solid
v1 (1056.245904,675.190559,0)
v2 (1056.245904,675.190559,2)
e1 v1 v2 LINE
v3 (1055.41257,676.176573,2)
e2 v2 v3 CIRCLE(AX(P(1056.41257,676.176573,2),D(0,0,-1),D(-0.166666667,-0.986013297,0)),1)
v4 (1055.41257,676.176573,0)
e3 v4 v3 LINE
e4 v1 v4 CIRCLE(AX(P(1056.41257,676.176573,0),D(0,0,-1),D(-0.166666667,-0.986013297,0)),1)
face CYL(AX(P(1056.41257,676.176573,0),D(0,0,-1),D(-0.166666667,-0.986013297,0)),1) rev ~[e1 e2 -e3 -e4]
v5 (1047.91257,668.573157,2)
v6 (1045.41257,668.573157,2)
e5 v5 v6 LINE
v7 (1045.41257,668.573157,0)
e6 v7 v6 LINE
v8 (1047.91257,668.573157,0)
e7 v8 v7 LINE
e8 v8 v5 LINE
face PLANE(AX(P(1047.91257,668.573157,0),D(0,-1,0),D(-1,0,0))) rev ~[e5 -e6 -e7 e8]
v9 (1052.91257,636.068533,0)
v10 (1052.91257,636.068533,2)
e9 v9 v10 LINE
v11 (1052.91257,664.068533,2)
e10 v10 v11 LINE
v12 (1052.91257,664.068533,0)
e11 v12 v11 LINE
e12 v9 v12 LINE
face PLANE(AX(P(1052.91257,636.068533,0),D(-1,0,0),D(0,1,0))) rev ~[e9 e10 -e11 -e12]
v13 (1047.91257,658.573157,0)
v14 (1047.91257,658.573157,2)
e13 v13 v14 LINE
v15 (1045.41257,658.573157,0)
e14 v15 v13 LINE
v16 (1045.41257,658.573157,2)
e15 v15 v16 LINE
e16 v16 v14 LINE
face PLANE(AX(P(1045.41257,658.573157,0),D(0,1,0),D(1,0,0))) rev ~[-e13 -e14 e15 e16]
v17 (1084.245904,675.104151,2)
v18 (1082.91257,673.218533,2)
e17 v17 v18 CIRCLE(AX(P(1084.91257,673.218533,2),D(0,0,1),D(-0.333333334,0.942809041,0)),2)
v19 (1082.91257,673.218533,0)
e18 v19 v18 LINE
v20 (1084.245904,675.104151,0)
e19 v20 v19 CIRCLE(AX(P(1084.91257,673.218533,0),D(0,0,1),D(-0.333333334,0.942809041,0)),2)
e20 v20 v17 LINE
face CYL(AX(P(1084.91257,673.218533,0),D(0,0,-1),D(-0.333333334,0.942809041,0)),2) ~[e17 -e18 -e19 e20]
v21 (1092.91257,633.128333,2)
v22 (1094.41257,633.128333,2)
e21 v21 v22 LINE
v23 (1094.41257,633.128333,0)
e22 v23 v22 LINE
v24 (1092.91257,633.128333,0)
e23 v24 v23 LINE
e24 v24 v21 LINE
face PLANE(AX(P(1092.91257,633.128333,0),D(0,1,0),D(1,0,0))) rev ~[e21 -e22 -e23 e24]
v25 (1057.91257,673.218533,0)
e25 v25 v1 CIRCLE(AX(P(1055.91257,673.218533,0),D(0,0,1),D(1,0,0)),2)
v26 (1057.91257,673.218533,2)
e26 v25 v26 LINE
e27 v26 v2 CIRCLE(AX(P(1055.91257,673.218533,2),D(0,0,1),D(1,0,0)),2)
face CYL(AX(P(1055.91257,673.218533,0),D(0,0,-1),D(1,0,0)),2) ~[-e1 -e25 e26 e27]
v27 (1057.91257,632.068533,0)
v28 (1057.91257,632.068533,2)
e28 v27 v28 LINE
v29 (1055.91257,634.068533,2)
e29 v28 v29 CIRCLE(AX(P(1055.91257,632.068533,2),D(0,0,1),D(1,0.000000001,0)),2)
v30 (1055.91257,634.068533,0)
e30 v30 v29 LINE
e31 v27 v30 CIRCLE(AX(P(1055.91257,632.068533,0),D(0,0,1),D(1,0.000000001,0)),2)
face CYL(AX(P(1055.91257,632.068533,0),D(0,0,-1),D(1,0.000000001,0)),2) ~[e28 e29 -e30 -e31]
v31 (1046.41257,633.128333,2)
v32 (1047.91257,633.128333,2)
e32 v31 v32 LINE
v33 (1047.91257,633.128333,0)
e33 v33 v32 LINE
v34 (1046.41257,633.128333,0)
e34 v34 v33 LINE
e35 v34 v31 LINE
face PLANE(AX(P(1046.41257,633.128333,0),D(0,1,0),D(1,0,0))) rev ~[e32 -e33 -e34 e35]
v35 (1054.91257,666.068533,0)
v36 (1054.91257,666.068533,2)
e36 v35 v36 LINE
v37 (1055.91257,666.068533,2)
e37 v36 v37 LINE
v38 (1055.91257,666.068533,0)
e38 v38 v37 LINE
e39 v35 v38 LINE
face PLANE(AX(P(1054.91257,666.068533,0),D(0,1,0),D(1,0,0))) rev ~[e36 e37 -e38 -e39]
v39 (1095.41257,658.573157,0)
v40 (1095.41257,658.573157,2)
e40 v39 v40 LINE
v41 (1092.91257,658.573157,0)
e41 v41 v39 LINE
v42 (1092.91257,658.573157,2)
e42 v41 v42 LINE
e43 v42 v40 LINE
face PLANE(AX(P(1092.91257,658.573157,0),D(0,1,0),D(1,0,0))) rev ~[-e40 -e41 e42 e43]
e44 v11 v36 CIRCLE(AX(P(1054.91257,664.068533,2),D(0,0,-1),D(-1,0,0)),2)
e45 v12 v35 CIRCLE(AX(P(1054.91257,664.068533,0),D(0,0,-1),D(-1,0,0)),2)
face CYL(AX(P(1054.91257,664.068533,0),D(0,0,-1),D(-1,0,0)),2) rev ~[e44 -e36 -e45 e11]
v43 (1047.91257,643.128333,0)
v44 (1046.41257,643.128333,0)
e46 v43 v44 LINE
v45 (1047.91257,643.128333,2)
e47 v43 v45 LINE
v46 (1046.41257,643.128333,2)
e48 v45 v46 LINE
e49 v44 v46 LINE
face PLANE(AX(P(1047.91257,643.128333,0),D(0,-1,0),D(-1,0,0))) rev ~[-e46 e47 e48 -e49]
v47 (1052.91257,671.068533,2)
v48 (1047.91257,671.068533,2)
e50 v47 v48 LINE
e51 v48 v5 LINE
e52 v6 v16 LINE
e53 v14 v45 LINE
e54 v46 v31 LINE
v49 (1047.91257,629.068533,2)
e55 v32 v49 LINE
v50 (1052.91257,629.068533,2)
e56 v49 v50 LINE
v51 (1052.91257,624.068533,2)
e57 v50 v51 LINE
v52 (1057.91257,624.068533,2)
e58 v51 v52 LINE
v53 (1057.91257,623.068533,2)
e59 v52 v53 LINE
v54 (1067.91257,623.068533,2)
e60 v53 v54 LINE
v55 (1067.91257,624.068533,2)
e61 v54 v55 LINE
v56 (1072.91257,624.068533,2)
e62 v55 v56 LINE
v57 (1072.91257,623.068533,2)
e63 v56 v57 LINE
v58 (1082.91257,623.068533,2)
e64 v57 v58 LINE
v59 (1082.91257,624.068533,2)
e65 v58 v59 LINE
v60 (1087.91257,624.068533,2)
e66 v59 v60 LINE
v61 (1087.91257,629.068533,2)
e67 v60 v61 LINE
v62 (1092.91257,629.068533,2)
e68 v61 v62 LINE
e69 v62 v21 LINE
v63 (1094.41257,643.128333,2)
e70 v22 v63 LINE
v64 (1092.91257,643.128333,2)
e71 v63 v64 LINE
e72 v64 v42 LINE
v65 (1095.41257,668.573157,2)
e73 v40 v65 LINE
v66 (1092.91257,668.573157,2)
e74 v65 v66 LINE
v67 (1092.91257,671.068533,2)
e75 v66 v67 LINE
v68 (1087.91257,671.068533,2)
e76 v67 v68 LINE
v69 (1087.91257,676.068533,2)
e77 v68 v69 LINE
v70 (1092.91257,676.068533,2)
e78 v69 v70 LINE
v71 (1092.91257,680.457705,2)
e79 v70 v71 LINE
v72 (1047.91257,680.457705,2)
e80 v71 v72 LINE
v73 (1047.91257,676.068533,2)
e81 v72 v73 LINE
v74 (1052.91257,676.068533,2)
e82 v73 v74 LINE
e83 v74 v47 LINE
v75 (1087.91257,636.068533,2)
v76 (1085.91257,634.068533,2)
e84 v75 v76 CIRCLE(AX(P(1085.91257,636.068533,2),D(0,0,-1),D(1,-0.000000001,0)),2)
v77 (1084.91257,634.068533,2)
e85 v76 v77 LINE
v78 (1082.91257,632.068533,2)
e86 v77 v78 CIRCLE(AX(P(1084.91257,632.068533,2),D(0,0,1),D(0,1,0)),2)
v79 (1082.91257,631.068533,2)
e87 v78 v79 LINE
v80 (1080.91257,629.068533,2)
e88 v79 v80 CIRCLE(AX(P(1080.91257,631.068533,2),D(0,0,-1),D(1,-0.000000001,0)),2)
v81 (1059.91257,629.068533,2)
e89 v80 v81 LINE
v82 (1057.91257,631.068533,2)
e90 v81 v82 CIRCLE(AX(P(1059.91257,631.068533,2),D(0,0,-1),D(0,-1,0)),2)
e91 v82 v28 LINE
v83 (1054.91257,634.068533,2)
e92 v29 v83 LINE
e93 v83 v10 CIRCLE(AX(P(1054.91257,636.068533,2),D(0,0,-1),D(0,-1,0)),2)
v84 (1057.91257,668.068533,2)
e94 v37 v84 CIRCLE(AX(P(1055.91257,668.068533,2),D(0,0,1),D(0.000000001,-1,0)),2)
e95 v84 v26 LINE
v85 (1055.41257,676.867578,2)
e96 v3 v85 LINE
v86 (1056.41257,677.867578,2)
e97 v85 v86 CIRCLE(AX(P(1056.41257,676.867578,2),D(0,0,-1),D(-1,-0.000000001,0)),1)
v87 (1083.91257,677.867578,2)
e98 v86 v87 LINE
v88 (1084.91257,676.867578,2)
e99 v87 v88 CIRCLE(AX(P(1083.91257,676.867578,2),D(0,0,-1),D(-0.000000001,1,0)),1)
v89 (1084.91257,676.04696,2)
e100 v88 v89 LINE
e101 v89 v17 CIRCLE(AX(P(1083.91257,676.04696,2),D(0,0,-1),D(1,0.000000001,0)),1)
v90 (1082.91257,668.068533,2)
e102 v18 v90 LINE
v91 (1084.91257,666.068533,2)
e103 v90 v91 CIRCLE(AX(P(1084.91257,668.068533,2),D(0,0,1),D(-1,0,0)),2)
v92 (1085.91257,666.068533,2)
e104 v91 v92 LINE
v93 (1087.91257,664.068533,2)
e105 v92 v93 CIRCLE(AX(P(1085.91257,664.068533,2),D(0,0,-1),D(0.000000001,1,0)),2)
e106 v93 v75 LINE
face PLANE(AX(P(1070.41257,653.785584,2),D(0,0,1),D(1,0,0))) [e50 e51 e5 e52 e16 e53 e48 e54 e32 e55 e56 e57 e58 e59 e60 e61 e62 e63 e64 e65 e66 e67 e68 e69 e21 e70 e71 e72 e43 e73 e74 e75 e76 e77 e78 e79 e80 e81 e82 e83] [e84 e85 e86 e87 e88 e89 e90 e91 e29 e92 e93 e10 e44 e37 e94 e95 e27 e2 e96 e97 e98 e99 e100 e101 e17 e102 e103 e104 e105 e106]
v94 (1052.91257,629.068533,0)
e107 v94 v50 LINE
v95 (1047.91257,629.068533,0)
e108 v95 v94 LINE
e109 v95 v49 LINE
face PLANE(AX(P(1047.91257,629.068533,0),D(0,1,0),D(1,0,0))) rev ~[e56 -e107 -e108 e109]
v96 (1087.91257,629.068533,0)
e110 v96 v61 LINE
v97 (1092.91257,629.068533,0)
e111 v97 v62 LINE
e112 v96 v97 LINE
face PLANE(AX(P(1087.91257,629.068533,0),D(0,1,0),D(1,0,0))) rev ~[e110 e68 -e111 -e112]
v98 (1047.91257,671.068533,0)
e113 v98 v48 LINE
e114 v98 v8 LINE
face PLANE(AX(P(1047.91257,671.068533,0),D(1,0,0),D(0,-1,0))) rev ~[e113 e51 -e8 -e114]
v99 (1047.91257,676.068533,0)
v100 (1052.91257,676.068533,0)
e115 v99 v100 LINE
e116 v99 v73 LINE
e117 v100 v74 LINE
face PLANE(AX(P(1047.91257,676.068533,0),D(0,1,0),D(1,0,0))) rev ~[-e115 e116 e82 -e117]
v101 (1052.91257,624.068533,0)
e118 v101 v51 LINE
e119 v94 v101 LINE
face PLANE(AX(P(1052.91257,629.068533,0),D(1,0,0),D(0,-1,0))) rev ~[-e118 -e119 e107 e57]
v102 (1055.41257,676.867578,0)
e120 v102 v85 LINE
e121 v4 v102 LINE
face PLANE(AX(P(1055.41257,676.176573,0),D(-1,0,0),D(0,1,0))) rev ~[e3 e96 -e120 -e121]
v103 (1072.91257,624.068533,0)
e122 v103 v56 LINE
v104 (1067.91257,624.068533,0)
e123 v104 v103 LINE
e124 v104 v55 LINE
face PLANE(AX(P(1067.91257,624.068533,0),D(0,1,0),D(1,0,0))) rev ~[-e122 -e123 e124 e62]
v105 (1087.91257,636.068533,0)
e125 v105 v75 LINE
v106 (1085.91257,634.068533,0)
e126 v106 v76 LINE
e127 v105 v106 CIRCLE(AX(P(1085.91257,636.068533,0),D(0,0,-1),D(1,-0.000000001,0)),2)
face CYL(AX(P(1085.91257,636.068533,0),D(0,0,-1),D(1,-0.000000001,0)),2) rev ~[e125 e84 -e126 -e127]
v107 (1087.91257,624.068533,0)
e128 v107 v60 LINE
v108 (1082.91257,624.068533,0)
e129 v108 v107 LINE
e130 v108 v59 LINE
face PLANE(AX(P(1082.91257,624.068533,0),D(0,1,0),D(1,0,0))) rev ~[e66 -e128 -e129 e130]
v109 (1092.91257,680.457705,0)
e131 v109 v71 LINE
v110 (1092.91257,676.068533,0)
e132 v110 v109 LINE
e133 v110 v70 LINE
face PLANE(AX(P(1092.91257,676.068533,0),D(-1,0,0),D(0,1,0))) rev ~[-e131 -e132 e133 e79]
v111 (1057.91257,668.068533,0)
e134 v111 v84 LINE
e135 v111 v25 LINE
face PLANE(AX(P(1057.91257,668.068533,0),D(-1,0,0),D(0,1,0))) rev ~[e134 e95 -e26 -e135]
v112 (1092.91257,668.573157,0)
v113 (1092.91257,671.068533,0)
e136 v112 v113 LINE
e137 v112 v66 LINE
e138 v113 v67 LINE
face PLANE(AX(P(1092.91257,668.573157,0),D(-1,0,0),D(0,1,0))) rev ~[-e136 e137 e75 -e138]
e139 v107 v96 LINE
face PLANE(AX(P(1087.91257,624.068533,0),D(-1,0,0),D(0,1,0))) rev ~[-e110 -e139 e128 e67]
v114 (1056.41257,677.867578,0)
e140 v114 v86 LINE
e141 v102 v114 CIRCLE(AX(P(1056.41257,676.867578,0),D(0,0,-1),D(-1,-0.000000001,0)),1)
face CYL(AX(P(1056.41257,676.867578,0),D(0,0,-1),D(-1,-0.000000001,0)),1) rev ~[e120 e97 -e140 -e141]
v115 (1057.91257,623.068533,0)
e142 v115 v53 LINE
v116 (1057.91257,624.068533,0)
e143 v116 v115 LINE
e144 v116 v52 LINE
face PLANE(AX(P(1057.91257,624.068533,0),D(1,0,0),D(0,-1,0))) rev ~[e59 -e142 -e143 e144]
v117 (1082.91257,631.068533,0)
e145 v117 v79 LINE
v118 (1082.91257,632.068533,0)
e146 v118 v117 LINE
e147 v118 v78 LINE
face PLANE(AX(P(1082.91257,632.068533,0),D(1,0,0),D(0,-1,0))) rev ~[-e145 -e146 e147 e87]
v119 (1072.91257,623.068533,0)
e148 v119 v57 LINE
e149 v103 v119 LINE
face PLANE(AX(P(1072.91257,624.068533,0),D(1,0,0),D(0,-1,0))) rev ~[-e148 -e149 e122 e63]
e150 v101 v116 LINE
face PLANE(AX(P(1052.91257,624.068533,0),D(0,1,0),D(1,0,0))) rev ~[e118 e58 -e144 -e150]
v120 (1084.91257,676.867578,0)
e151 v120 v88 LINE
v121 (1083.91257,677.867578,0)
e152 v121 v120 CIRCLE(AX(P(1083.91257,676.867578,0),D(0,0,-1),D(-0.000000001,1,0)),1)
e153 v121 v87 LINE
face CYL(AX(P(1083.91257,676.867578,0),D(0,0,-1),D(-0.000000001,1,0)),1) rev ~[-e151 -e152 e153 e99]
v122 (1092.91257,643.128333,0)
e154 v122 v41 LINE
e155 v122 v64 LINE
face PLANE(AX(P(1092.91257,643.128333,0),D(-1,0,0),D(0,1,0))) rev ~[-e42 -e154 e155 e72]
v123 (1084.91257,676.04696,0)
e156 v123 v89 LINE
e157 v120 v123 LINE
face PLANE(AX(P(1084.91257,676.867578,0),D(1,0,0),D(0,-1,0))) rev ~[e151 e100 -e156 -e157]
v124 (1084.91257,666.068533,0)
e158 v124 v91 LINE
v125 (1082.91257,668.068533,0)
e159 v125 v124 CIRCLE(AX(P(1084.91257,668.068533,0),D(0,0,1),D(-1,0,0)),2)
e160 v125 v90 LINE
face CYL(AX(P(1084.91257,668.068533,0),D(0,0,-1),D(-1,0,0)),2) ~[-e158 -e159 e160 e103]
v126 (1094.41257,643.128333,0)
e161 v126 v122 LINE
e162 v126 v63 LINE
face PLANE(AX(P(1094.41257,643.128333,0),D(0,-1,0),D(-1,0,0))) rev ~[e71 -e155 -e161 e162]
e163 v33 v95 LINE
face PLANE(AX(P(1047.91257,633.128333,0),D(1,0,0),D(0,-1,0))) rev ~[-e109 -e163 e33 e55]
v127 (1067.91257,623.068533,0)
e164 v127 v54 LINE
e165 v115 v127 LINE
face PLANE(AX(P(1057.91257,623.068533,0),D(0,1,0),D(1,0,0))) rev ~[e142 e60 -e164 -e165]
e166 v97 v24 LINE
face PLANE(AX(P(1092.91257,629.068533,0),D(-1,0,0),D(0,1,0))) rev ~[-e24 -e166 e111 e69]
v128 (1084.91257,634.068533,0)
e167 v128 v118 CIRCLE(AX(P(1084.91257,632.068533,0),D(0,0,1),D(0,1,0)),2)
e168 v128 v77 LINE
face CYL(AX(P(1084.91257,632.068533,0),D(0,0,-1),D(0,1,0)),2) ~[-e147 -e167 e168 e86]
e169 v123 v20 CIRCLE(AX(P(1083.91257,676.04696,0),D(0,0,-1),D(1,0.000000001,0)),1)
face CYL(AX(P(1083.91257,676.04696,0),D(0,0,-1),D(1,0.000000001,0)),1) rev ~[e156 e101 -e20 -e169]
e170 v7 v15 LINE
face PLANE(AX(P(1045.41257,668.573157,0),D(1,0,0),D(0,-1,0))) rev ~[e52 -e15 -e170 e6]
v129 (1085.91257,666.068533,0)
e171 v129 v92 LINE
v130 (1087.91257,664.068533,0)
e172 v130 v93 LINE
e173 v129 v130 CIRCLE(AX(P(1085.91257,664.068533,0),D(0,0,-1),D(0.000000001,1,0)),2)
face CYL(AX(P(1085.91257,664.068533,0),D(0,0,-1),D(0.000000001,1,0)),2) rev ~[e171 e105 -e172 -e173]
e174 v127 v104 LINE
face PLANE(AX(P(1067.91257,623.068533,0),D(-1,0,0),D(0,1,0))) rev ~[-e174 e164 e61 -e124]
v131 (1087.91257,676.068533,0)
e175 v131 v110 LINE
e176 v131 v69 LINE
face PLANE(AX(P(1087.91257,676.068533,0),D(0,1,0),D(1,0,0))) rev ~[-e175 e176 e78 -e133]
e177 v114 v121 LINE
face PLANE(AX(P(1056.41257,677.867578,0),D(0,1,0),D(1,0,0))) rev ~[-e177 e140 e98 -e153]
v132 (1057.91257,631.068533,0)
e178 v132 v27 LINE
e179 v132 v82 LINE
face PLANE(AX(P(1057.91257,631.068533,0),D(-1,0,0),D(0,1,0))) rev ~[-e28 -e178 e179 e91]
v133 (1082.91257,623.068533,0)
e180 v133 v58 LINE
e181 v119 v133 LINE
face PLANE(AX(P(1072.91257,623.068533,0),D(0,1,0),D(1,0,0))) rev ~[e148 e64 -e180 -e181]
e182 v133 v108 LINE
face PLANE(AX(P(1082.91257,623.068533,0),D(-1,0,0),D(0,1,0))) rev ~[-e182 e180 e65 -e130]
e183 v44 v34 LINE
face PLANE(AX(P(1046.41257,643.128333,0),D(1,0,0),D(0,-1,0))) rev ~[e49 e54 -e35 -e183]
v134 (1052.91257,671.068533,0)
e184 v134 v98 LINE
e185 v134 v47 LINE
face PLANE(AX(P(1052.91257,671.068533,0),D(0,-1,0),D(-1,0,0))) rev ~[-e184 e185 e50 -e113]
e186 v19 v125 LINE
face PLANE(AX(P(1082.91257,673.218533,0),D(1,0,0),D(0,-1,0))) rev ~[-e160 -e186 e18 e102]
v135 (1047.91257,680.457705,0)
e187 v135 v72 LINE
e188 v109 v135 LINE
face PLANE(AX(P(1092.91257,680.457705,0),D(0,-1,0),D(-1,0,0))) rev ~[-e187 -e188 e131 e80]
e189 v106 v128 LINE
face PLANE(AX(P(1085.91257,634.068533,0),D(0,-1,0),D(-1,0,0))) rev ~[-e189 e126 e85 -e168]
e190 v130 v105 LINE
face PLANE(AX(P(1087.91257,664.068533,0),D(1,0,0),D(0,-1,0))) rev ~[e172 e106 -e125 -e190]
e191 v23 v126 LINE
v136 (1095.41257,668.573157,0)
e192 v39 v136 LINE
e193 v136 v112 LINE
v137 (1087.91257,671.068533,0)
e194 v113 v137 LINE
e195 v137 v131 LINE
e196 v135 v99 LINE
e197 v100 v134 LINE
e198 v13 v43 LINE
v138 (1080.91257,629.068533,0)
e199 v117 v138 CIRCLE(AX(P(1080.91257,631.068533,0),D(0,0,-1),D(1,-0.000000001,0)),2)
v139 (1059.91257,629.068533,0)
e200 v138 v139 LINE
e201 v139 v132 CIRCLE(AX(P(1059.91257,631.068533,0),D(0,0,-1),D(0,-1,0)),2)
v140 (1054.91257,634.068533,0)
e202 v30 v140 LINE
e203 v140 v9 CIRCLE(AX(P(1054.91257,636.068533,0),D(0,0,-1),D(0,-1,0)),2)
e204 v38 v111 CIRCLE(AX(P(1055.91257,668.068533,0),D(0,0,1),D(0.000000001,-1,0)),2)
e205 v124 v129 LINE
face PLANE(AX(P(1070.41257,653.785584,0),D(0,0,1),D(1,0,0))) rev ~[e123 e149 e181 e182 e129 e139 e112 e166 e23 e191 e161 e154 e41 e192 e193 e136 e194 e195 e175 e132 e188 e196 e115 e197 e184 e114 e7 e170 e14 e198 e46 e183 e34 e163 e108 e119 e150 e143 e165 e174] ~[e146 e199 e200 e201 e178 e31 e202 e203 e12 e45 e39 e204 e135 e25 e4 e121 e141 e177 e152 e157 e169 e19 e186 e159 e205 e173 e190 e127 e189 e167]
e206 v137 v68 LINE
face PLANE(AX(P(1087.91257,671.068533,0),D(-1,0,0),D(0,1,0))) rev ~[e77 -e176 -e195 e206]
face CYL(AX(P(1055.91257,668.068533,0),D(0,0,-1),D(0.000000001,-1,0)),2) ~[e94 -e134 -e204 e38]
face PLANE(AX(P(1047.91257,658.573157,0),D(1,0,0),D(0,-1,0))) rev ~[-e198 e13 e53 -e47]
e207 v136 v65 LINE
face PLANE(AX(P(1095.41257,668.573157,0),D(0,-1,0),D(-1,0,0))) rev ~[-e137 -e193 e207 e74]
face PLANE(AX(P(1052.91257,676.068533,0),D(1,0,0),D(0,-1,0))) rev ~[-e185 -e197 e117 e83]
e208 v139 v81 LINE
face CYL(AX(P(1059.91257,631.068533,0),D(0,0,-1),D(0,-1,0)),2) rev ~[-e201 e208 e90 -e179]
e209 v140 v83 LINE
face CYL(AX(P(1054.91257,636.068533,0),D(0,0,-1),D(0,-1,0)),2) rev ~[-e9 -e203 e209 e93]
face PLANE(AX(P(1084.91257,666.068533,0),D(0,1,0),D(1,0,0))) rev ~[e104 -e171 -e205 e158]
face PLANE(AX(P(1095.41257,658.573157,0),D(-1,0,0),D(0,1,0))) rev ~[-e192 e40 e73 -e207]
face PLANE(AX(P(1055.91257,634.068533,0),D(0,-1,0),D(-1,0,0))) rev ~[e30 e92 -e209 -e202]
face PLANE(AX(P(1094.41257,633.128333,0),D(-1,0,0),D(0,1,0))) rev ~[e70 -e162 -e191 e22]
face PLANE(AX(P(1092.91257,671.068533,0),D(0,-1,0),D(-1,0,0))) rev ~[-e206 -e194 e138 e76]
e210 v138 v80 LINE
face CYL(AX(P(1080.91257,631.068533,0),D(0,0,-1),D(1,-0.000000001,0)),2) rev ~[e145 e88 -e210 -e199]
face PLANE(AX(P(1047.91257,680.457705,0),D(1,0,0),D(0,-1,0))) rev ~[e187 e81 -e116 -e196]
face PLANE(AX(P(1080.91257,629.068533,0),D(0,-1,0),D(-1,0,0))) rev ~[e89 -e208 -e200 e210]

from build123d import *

# Parameters (mm, degrees)
EXTRUDE_1_DEPTH = 2


with BuildPart() as part:
    # Model → 凸台-拉伸1 (new body)
    with BuildSketch(Plane.XY):
        Polygon((1047.912570376, 680.457705055), (1047.912570376, 676.068532902), (1052.912570376, 676.068532902), (1052.912570376, 671.068532902), (1047.912570376, 671.068532902), (1047.912570376, 668.573157352), (1045.412570376, 668.573157352), (1045.412570376, 658.573157352), (1047.912570376, 658.573157352), (1047.912570376, 643.128332902), (1046.412570376, 643.128332902), (1046.412570376, 633.128332902), (1047.912570376, 633.128332902), (1047.912570376, 629.068532902), (1052.912570376, 629.068532902), (1052.912570376, 624.068532902), (1057.912570376, 624.068532902), (1057.912570376, 623.068532902), (1067.912570376, 623.068532902), (1067.912570376, 624.068532902), (1072.912570376, 624.068532902), (1072.912570376, 623.068532902), (1082.912570376, 623.068532902), (1082.912570376, 624.068532902), (1087.912570376, 624.068532902), (1087.912570376, 629.068532902), (1092.912570376, 629.068532902), (1092.912570376, 633.128332902), (1094.412570376, 633.128332902), (1094.412570376, 643.128332902), (1092.912570376, 643.128332902), (1092.912570376, 658.573157352), (1095.412570376, 658.573157352), (1095.412570376, 668.573157352), (1092.912570376, 668.573157352), (1092.912570376, 671.068532902), (1087.912570376, 671.068532902), (1087.912570376, 676.068532902), (1092.912570376, 676.068532902), (1092.912570376, 680.457705055), align=None)
        with BuildLine():
            Line((1057.912570376, 668.068532902), (1057.912570376, 673.218532902))
            ThreePointArc((1057.912570376, 673.218532902), (1057.440095607, 674.509527351), (1056.245903709, 675.190559496))
            ThreePointArc((1056.245903709, 675.190559496), (1055.64880776, 675.531075569), (1055.412570376, 676.176572793))
            Line((1055.412570376, 676.176572793), (1055.412570376, 676.867577668))
            ThreePointArc((1055.412570376, 676.867577668), (1055.705463595, 677.57468445), (1056.412570376, 677.867577668))
            Line((1056.412570376, 677.867577668), (1083.912570376, 677.867577668))
            ThreePointArc((1083.912570376, 677.867577668), (1084.619677157, 677.57468445), (1084.912570376, 676.867577668))
            Line((1084.912570376, 676.867577668), (1084.912570376, 676.046960027))
            ThreePointArc((1084.912570376, 676.046960027), (1084.729066957, 675.469609757), (1084.245903709, 675.104150985))
            ThreePointArc((1084.245903709, 675.104150985), (1083.279577214, 674.37323344), (1082.912570376, 673.218532902))
            Line((1082.912570376, 673.218532902), (1082.912570376, 668.068532902))
            ThreePointArc((1082.912570376, 668.068532902), (1083.498356813, 666.65431934), (1084.912570376, 666.068532902))
            Line((1084.912570376, 666.068532902), (1085.912570376, 666.068532902))
            ThreePointArc((1085.912570376, 666.068532902), (1087.326783938, 665.482746464), (1087.912570376, 664.068532902))
            Line((1087.912570376, 664.068532902), (1087.912570376, 636.068532902))
            ThreePointArc((1087.912570376, 636.068532902), (1087.326783938, 634.65431934), (1085.912570376, 634.068532902))
            Line((1085.912570376, 634.068532902), (1084.912570376, 634.068532902))
            ThreePointArc((1084.912570376, 634.068532902), (1083.498356813, 633.482746464), (1082.912570376, 632.068532902))
            Line((1082.912570376, 632.068532902), (1082.912570376, 631.068532902))
            ThreePointArc((1082.912570376, 631.068532902), (1082.326783938, 629.65431934), (1080.912570376, 629.068532902))
            Line((1080.912570376, 629.068532902), (1059.912570376, 629.068532902))
            ThreePointArc((1059.912570376, 629.068532902), (1058.498356813, 629.65431934), (1057.912570376, 631.068532902))
            Line((1057.912570376, 631.068532902), (1057.912570376, 632.068532902))
            ThreePointArc((1057.912570376, 632.068532902), (1057.326783938, 633.482746464), (1055.912570376, 634.068532902))
            Line((1055.912570376, 634.068532902), (1054.912570376, 634.068532902))
            ThreePointArc((1054.912570376, 634.068532902), (1053.498356813, 634.65431934), (1052.912570376, 636.068532902))
            Line((1052.912570376, 636.068532902), (1052.912570376, 664.068532902))
            ThreePointArc((1052.912570376, 664.068532902), (1053.498356813, 665.482746464), (1054.912570376, 666.068532902))
            Line((1054.912570376, 666.068532902), (1055.912570376, 666.068532902))
            ThreePointArc((1055.912570376, 666.068532902), (1057.326783938, 666.65431934), (1057.912570376, 668.068532902))
        make_face(mode=Mode.SUBTRACT)
    extrude(amount=EXTRUDE_1_DEPTH)


solid = part.part
